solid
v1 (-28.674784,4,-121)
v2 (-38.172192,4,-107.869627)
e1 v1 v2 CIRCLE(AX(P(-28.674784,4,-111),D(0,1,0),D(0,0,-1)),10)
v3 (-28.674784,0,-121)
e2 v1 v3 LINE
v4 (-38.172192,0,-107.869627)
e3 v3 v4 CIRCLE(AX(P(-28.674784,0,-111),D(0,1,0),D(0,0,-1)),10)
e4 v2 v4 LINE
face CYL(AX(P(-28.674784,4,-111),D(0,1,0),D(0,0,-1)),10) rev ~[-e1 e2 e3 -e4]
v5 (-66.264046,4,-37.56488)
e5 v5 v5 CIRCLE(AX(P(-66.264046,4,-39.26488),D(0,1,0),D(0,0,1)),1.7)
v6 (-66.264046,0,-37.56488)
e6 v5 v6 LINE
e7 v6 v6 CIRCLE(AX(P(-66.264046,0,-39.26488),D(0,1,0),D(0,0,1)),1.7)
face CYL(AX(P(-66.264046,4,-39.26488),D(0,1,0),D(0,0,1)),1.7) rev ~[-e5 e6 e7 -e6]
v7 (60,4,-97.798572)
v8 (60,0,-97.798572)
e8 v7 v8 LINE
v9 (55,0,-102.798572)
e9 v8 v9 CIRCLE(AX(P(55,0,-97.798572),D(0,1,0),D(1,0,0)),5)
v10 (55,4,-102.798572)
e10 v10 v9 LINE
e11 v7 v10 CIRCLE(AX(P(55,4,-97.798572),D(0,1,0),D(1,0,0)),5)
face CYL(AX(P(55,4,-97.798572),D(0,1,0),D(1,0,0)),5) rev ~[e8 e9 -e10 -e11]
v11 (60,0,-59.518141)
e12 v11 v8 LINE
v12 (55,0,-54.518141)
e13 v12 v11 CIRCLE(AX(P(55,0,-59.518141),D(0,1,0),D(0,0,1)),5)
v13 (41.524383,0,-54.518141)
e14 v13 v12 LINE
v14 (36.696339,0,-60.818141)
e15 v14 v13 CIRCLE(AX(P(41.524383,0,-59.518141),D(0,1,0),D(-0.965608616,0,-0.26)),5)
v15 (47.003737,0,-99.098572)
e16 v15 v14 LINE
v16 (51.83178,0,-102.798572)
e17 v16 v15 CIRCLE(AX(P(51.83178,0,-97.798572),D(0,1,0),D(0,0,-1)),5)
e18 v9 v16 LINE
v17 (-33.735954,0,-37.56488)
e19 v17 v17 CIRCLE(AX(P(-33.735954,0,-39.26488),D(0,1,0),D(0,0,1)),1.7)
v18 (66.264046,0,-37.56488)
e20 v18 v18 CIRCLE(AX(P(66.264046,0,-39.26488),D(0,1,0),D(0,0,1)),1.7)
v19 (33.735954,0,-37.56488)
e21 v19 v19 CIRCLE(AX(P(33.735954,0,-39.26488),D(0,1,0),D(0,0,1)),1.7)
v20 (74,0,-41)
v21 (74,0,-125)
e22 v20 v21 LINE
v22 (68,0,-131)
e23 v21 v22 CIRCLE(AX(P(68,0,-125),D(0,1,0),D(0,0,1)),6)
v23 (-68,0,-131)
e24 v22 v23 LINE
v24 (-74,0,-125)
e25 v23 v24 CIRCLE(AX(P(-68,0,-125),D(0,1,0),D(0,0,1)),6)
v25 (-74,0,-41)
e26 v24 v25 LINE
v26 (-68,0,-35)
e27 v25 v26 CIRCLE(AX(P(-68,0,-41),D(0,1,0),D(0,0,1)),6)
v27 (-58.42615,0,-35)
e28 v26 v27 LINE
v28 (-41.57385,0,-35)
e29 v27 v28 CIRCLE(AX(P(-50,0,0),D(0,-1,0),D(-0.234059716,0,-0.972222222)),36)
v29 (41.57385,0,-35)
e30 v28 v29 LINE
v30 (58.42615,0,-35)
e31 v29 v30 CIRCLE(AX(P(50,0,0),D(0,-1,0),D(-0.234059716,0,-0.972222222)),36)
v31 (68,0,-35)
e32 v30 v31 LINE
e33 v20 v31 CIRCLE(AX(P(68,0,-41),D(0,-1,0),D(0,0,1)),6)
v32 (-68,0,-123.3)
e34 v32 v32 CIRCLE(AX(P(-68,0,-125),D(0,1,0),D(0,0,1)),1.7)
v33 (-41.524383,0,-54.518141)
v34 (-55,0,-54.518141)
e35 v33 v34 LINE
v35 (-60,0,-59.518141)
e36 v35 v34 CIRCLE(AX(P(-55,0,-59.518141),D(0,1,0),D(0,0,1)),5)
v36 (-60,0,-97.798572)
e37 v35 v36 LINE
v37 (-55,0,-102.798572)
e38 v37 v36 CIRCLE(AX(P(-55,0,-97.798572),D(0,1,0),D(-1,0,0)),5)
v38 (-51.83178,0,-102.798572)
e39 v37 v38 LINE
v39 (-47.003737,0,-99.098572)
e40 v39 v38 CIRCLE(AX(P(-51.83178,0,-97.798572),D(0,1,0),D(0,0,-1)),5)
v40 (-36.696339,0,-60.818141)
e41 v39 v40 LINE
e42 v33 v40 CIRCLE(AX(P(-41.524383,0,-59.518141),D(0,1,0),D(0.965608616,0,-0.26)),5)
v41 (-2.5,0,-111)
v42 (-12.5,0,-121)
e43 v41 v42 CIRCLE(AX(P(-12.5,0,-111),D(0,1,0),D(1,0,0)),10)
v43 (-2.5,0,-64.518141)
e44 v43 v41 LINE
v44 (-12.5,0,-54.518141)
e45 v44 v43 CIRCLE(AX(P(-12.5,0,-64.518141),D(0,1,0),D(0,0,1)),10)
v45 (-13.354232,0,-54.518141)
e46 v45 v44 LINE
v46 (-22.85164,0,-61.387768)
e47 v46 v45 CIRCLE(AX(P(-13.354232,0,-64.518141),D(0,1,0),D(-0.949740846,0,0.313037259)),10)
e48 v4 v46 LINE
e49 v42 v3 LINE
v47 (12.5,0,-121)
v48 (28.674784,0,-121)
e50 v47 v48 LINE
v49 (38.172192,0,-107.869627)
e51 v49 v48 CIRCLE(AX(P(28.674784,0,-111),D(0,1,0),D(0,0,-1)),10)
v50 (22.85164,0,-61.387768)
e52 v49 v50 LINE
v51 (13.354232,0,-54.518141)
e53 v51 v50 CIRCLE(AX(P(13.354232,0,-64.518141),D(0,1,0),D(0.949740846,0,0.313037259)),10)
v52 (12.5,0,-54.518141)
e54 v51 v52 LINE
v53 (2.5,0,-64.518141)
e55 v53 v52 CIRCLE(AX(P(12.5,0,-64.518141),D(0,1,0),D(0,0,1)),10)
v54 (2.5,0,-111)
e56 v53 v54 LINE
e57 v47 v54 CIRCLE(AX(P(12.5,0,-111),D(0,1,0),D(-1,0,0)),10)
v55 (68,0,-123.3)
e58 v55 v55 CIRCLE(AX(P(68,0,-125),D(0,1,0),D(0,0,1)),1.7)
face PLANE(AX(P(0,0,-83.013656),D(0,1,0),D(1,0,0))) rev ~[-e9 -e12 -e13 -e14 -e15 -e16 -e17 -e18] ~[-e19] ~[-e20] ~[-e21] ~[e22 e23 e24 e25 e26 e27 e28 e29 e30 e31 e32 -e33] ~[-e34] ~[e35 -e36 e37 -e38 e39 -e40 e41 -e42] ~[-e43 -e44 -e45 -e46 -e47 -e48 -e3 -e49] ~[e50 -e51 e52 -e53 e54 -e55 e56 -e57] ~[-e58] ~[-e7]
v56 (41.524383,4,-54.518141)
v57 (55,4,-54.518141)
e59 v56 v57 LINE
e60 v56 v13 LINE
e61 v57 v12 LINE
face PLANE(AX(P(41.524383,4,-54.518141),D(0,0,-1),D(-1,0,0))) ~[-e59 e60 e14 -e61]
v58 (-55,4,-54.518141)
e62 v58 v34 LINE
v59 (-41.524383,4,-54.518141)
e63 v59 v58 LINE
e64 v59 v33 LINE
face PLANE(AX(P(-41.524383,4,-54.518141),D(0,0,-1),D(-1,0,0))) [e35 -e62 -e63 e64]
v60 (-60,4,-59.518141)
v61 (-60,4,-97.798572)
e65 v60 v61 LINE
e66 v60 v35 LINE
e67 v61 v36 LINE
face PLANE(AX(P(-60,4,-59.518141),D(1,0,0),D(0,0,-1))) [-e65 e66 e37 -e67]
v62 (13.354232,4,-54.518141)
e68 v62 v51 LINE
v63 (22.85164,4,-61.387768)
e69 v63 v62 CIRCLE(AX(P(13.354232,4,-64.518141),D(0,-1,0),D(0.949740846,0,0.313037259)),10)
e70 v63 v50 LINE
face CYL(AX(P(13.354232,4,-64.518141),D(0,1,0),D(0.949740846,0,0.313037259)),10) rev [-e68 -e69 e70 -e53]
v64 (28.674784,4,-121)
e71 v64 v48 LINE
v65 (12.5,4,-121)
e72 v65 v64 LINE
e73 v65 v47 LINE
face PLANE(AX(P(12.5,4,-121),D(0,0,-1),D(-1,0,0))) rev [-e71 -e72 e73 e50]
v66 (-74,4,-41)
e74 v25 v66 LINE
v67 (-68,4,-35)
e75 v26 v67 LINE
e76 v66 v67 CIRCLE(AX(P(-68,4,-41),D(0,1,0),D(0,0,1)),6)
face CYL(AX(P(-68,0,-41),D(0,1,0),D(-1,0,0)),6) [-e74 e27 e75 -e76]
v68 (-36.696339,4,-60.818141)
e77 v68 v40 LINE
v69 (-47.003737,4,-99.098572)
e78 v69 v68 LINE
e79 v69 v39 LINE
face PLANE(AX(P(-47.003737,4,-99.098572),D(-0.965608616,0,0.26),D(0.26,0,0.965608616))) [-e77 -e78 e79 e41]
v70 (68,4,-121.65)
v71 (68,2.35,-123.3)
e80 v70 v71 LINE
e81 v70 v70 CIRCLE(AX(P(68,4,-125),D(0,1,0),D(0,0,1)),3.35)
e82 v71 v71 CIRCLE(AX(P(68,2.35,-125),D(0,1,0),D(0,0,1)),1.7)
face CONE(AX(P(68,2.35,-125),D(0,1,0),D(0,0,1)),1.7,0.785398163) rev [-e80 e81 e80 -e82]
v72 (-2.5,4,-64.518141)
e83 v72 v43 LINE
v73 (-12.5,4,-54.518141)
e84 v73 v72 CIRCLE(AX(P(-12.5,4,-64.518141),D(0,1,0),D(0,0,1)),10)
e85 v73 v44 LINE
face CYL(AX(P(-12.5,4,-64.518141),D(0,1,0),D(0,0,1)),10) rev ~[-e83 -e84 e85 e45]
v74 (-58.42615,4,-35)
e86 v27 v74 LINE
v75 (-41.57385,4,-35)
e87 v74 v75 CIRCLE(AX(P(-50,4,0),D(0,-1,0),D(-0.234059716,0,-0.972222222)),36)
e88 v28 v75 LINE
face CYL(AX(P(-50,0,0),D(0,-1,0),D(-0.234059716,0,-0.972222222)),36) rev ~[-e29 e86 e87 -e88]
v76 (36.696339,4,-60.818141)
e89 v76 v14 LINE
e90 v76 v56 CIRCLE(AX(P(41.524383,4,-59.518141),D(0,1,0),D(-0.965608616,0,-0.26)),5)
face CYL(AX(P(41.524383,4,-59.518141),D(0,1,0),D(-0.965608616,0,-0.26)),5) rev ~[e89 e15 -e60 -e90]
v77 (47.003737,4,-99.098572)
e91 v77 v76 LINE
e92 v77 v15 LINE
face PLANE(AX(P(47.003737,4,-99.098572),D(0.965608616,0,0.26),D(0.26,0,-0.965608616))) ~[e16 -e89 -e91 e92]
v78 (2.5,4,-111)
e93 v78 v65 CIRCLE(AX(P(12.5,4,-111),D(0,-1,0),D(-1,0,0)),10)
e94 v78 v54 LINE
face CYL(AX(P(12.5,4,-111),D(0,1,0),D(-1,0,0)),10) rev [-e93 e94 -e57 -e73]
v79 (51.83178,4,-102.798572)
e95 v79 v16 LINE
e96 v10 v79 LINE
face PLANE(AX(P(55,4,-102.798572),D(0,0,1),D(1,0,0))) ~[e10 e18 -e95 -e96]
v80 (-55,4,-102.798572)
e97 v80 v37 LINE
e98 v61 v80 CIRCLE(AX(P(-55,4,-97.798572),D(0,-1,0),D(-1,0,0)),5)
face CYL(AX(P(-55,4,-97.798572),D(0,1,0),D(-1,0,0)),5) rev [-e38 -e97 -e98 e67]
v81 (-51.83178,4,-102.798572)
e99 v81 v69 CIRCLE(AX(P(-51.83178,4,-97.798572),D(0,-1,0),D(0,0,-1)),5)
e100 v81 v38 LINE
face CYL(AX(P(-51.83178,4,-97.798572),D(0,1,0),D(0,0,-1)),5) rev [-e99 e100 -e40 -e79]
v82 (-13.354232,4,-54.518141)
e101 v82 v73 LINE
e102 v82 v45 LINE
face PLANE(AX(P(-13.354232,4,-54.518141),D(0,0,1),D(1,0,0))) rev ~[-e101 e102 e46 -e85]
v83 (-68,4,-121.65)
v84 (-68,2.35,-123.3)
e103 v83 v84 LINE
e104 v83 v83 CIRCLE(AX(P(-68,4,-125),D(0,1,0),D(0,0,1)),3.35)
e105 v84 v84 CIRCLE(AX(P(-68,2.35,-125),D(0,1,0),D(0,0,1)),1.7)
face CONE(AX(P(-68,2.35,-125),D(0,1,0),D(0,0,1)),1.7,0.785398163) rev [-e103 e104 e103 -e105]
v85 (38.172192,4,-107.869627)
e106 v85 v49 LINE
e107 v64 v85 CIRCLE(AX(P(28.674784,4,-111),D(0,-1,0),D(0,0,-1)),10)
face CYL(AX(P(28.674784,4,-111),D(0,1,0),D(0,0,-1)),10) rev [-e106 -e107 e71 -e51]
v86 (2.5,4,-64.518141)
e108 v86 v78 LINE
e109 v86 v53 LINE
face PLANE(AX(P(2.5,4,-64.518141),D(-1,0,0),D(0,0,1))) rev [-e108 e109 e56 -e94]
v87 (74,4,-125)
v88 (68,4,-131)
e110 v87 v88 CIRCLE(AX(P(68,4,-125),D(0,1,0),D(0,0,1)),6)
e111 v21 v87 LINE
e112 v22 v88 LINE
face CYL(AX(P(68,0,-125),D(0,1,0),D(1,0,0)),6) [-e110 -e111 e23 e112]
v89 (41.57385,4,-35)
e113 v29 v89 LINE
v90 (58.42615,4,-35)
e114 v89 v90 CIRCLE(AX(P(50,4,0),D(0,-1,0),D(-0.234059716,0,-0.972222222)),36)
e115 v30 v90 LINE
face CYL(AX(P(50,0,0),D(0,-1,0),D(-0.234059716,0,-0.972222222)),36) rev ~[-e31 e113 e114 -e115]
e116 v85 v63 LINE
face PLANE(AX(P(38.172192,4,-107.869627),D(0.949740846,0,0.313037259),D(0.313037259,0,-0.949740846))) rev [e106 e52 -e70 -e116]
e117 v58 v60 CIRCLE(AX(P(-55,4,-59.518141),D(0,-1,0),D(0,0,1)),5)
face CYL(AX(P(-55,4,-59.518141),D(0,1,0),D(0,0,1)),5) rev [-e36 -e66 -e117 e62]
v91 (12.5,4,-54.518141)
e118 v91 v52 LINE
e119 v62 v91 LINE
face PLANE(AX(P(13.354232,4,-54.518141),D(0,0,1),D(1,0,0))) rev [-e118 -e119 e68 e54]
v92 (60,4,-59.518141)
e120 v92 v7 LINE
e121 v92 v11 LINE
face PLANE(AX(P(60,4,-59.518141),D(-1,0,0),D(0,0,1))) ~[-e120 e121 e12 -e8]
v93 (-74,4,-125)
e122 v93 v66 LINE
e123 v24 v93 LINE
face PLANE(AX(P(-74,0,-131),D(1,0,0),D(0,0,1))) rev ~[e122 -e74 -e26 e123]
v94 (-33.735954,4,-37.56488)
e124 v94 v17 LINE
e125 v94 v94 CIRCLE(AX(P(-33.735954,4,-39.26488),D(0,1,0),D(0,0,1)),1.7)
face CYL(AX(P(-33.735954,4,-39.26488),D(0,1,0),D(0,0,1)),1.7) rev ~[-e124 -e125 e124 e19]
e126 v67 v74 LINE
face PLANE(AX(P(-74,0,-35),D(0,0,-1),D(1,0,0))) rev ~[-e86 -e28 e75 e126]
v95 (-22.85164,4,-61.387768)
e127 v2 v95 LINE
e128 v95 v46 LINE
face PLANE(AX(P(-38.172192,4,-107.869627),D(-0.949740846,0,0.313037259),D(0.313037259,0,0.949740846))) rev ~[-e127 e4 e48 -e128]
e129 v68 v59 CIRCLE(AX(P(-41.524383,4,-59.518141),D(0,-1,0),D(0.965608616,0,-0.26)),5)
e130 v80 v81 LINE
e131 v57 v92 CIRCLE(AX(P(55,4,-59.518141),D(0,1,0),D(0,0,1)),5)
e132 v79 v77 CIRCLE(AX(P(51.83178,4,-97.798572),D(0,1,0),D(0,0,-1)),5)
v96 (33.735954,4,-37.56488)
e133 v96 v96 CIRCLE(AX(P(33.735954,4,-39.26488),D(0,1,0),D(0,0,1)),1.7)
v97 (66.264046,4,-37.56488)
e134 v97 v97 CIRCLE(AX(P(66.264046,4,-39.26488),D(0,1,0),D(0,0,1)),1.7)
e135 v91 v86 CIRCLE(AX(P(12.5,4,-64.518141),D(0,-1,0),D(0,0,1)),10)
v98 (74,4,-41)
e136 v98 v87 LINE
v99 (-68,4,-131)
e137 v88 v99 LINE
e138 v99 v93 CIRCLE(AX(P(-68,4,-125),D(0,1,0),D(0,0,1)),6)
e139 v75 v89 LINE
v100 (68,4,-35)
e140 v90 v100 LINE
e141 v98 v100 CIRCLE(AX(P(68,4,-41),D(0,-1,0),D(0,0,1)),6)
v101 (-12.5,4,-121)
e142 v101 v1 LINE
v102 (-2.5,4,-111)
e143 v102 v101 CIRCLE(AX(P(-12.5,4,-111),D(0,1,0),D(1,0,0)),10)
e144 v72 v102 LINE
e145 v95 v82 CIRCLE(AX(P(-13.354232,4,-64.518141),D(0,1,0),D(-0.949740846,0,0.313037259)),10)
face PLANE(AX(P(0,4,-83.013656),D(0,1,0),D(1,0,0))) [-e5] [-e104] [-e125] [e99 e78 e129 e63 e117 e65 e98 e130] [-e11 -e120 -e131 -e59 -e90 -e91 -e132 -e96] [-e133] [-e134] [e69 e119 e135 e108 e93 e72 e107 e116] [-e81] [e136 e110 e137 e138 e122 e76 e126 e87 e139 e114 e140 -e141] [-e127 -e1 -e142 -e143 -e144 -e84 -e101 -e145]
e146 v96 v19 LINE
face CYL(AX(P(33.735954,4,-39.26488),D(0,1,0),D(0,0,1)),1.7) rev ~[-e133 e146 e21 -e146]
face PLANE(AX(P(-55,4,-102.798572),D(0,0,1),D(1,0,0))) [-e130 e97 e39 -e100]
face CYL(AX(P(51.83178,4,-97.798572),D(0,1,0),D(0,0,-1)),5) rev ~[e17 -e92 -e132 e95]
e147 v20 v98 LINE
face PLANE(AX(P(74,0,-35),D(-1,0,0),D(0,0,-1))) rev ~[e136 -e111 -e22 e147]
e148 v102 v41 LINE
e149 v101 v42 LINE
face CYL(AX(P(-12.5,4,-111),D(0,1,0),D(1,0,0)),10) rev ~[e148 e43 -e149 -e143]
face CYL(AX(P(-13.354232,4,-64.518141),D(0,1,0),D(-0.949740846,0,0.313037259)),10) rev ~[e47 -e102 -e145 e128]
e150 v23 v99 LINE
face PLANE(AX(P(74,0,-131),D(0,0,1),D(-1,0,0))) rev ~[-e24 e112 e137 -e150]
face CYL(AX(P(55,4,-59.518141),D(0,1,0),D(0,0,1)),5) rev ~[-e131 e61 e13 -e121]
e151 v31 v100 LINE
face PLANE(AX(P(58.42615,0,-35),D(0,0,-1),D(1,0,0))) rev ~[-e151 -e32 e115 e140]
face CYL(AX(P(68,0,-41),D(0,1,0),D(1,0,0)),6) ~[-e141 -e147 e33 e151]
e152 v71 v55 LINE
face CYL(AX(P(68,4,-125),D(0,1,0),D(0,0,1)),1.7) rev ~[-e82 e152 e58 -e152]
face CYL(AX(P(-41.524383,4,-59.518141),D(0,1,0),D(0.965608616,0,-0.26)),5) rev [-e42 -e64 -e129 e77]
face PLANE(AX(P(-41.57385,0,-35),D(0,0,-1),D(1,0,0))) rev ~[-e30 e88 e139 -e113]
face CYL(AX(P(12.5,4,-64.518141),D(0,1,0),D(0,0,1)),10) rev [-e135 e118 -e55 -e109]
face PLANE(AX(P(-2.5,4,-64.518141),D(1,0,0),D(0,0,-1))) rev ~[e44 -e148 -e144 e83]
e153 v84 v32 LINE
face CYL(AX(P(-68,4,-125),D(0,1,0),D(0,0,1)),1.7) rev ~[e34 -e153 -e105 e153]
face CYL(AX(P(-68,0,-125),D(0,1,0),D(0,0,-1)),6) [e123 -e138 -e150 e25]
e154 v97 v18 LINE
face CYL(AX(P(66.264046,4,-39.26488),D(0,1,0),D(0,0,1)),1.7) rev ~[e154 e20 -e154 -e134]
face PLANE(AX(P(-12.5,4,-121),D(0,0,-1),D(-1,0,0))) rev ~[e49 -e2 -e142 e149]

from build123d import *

# Parameters (mm, degrees)
BOSS_EXTRUDE1_DEPTH = 4
SKETCH3_R           = 1.7
CUT_EXTRUDE1_DEPTH  = 4
FILLET1_R           = 6
SKETCH4_R           = 1.7
CUT_EXTRUDE2_DEPTH  = 10
CUT_EXTRUDE3_DEPTH  = 10
CHAMFER1_SIZE       = 1.65


with BuildPart() as part:
    # Sketch2 → Boss-Extrude1 (new body)
    with BuildSketch(Plane(origin=(0, 0, 0), x_dir=(1, 0, 0), z_dir=(0, 1, 0))):
        with BuildLine():
            Line((74, 35), (74, 131))
            Line((74, 131), (-74, 131))
            Line((-74, 131), (-74, 35))
            Line((-74, 35), (-58.426149773, 35))
            ThreePointArc((-58.426149773, 35), (-50, 36), (-41.573850227, 35))
            Line((-41.573850227, 35), (41.573850227, 35))
            ThreePointArc((41.573850227, 35), (50, 36), (58.426149773, 35))
            Line((58.426149773, 35), (74, 35))
        make_face()
    extrude(amount=BOSS_EXTRUDE1_DEPTH)

    # Sketch3 → Cut-Extrude1 (cut)
    with BuildSketch(Plane(origin=(0, 4, 0), x_dir=(1, 0, 0), z_dir=(0, 1, 0))):
        with Locations((-66.264045876, -39.264880132)):
            Circle(SKETCH3_R)
        with Locations(Location((-66.264045876, 39.264880132, 0), (0, 0, 270))):
            Circle(SKETCH3_R)
        with Locations(Location((-33.735954124, 39.264880132, 0), (0, 0, 270))):
            Circle(SKETCH3_R)
        with Locations((-10.735119868, 16.264045876)):
            Circle(SKETCH3_R)
        with Locations((-10.735119868, -16.264045876)):
            Circle(SKETCH3_R)
        with Locations((-33.735954124, -39.264880132)):
            Circle(SKETCH3_R)
        with Locations((10.735119868, 16.264045876)):
            Circle(SKETCH3_R)
        with Locations(Location((33.735954124, 39.264880132, 0), (0, 0, 270))):
            Circle(SKETCH3_R)
        with Locations(Location((66.264045876, 39.264880132, 0), (0, 0, 270))):
            Circle(SKETCH3_R)
        with Locations((10.735119868, -16.264045876)):
            Circle(SKETCH3_R)
        with Locations((33.735954124, -39.264880132)):
            Circle(SKETCH3_R)
        with Locations((66.264045876, -39.264880132)):
            Circle(SKETCH3_R)
    extrude(amount=-CUT_EXTRUDE1_DEPTH, mode=Mode.SUBTRACT)

    # Fillet1
    fillet1_edges = [part.edges().sort_by_distance(p)[0] for p in [
        (-74, 2, -131),
        (74, 2, -131),
        (74, 2, -35),
        (-74, 2, -35),
    ]]
    fillet(fillet1_edges, radius=FILLET1_R)

    # Sketch4 → Cut-Extrude2 (cut)
    with BuildSketch(Plane(origin=(0, 4, 0), x_dir=(1, 0, 0), z_dir=(0, 1, 0))):
        with Locations(Location((68, 125, 0), (0, 0, 270))):
            Circle(SKETCH4_R)
        with Locations(Location((-68, 125, 0), (0, 0, 270))):
            Circle(SKETCH4_R)
    extrude(amount=-CUT_EXTRUDE2_DEPTH, mode=Mode.SUBTRACT)

    # Sketch5 → Cut-Extrude3 (cut)
    with BuildSketch(Plane(origin=(0, 4, 0), x_dir=(1, 0, 0), z_dir=(0, 1, 0))):
        with BuildLine():
            Line((-12.5, 121), (-28.674783736, 121))
            ThreePointArc((-28.674783736, 121), (-36.777367456, 116.860728372), (-38.172192195, 107.86962741))
            Line((-38.172192195, 107.86962741), (-22.851640419, 61.387768193))
            ThreePointArc((-22.851640419, 61.387768193), (-19.214960332, 56.415557063), (-13.35423196, 54.518140784))
            Line((-13.35423196, 54.518140784), (-12.5, 54.518140784))
            ThreePointArc((-12.5, 54.518140784), (-5.428932188, 57.447072972), (-2.5, 64.518140784))
            Line((-2.5, 64.518140784), (-2.5, 111))
            ThreePointArc((-2.5, 111), (-5.428932188, 118.071067812), (-12.5, 121))
        make_face()
        with BuildLine():
            Line((-60, 59.518140784), (-60, 97.798571602))
            ThreePointArc((-60, 97.798571602), (-58.535533906, 101.334105508), (-55, 102.798571602))
            Line((-55, 102.798571602), (-51.831780224, 102.798571602))
            ThreePointArc((-51.831780224, 102.798571602), (-48.790398959, 101.767198569), (-47.003737142, 99.098571602))
            Line((-47.003737142, 99.098571602), (-36.696339461, 60.818140784))
            ThreePointArc((-36.696339461, 60.818140784), (-37.555755576, 56.476759519), (-41.524382543, 54.518140784))
            Line((-41.524382543, 54.518140784), (-55, 54.518140784))
            ThreePointArc((-55, 54.518140784), (-58.535533906, 55.982606878), (-60, 59.518140784))
        make_face()
    cut_extrude3 = extrude(amount=-CUT_EXTRUDE3_DEPTH, mode=Mode.SUBTRACT)

    # Mirror1: Cut-Extrude3 across plane
    add(cut_extrude3.mirror(Plane(origin=(0, 0, 0), x_dir=(0, 0, 1), z_dir=(1, 0, 0))), mode=Mode.SUBTRACT)

    # Chamfer1
    chamfer1_edges = [part.edges().sort_by_distance(p)[0] for p in [
        (-68, 4, -126.7),
        (68, 4, -126.7),
    ]]
    chamfer(chamfer1_edges, length=CHAMFER1_SIZE)


solid = part.part
